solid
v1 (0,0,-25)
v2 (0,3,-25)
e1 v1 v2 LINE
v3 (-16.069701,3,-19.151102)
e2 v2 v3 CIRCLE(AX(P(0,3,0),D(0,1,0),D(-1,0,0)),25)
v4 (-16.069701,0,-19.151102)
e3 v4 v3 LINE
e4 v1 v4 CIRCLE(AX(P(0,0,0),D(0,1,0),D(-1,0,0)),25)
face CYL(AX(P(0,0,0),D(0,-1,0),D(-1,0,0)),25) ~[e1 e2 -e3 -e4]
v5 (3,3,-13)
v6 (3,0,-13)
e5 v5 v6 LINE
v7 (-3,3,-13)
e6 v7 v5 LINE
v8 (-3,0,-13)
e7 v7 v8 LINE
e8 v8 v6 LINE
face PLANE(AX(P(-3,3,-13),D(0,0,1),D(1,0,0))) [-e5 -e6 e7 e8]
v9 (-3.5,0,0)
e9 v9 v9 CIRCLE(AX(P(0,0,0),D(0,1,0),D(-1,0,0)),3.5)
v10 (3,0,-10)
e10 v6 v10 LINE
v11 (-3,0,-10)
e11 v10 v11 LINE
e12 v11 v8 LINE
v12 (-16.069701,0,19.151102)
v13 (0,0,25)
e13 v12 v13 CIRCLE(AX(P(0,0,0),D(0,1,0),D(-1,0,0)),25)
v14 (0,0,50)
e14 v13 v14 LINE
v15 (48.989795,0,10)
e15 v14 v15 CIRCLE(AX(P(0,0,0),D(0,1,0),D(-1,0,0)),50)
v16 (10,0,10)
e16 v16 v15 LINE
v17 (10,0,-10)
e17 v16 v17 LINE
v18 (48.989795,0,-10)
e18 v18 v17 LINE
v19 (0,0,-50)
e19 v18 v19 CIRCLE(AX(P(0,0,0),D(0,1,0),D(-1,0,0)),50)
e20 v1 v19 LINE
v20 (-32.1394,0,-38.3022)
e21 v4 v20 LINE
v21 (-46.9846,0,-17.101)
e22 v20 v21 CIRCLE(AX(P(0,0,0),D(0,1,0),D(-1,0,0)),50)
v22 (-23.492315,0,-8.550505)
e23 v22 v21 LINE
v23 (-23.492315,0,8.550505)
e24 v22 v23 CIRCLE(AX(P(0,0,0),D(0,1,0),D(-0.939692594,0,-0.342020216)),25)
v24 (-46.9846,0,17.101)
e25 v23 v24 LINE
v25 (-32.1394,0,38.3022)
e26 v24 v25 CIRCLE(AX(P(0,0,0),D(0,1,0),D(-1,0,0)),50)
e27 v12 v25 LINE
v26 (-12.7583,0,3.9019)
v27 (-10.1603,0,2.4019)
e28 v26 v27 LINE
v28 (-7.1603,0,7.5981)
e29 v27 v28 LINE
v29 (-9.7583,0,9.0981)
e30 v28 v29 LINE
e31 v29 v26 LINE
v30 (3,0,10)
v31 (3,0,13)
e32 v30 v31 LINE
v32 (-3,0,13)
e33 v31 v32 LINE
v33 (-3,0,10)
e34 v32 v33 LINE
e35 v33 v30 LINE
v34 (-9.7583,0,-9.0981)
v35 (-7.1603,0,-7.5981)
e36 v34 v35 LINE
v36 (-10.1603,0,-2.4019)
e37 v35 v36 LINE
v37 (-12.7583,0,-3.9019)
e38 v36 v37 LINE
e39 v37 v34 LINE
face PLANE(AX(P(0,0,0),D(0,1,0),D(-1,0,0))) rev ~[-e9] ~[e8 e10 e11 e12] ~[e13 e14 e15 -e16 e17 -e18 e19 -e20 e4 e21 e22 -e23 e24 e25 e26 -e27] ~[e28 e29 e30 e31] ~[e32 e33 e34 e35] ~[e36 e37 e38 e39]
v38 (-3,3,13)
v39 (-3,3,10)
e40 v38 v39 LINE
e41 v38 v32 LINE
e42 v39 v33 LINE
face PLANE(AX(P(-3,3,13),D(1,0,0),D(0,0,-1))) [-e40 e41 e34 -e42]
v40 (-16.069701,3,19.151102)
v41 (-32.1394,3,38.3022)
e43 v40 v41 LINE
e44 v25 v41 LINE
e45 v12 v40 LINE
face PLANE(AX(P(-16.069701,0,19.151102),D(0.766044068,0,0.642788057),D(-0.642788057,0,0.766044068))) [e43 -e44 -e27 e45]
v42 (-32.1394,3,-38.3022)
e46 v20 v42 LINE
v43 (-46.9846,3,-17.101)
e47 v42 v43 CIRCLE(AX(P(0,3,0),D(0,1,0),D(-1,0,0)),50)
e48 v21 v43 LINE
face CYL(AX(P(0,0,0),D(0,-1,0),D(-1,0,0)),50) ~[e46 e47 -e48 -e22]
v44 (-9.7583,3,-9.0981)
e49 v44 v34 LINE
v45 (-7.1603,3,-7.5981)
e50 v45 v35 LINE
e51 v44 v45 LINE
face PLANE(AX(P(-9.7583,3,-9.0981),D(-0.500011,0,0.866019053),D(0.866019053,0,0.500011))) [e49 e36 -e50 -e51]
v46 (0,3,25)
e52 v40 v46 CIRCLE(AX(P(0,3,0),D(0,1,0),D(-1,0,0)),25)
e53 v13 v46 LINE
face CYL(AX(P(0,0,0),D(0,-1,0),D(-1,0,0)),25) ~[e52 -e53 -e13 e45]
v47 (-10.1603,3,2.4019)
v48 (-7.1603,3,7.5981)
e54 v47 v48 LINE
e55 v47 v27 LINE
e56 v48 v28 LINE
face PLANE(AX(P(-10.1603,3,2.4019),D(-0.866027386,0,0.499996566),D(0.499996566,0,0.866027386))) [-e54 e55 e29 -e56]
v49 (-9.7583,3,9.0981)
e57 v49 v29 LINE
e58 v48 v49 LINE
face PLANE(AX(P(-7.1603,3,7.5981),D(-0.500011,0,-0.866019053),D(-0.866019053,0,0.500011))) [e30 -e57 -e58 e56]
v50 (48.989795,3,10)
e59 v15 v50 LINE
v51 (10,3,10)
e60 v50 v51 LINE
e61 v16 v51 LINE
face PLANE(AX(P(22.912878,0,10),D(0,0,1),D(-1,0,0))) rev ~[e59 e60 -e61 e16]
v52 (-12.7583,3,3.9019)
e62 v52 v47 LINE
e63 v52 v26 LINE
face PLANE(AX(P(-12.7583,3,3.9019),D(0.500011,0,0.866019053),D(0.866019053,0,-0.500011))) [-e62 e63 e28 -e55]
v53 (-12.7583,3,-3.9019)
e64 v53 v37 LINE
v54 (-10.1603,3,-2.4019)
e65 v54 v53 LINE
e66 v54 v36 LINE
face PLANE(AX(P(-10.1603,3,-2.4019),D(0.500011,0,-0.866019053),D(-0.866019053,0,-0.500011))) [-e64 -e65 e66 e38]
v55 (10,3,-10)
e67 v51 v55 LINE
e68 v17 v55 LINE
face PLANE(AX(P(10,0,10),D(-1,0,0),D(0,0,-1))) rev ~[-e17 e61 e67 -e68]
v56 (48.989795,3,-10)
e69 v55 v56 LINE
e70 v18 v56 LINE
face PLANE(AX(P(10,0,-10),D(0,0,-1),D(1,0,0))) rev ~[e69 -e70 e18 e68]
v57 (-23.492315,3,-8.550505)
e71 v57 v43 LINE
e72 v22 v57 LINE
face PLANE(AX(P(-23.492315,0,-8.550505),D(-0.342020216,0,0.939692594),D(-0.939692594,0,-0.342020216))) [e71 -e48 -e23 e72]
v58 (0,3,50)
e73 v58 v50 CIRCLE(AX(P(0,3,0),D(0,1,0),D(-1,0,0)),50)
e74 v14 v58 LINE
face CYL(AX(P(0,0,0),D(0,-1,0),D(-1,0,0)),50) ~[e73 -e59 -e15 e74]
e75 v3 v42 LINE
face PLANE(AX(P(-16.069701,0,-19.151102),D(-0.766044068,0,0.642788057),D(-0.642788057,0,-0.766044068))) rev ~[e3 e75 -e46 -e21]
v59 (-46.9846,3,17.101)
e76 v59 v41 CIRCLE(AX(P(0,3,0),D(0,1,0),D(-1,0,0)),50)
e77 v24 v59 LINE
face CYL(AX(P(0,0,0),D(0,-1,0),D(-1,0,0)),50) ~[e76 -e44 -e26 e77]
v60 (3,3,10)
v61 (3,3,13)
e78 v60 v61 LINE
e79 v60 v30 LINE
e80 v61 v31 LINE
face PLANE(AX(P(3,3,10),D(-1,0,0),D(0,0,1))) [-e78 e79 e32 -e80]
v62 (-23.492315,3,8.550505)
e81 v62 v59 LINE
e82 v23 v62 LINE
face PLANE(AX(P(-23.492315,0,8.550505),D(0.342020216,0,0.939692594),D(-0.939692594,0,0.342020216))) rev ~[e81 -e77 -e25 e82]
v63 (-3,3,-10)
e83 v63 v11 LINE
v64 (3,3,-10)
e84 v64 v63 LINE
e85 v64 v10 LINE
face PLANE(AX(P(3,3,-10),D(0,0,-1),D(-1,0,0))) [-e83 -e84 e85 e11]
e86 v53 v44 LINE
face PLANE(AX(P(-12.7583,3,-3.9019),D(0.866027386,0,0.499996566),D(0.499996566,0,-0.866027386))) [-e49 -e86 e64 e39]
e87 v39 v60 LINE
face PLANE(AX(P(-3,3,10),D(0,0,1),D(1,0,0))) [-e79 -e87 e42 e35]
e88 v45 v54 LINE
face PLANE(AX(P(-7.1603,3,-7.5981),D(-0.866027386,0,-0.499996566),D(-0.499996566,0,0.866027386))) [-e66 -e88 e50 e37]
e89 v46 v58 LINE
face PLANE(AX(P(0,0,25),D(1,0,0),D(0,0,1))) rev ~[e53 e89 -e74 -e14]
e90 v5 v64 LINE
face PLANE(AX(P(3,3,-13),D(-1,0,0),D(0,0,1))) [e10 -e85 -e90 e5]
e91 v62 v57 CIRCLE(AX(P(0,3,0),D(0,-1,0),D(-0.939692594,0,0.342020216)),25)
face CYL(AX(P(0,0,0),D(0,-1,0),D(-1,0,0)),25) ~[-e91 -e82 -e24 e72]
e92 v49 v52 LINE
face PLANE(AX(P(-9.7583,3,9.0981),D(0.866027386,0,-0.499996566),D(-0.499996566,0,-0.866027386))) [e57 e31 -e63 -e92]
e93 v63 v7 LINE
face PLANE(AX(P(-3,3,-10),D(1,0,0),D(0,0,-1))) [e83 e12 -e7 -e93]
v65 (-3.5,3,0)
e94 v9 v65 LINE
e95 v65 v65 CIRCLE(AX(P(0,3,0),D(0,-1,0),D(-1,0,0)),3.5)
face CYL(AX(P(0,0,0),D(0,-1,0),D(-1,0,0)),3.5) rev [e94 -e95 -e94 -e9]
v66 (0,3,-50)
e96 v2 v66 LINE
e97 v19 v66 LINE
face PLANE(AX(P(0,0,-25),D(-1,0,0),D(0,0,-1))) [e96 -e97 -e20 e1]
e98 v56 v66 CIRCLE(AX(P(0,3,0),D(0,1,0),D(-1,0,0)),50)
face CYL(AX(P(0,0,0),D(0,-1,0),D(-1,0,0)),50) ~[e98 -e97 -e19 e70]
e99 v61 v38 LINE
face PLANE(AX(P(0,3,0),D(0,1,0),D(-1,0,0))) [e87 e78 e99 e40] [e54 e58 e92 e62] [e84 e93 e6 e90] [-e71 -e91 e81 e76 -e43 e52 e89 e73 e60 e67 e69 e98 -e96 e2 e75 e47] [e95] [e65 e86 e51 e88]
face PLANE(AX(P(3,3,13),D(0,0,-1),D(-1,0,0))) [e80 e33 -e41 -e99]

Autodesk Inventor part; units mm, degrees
ref_plane "YZ Plane" through (0, 0, 0) normal (1, 0, 0) x (0, 1, 0)
ref_plane "XZ Plane" through (0, 0, 0) normal (0, 1, 0) x (-1, 0, 0)
ref_plane "XY Plane" through (0, 0, 0) normal (0, 0, 1) x (1, 0, 0)
sketch "草圖1" plane through (0, 0, 0) normal (0, 1, 0) x (-1, 0, 0)
  circle A0 centre (0, 0) radius 50
  circle A1 centre (0, 0) radius 25
  line L0 (-50, 10) -> (-10, 10)
  line L1 (-10, 10) -> (-10, -10)
  line L2 (-10, -10) -> (-50, -10)
  line L3 (-50, -10) -> (-50, 10)
  line L4 (0, 0) -> (0, -50)
  line L5 (0, 0) -> (32.1394, -38.3022)
  arc A2 (0, -50) -> (32.1394, -38.3022) centre (0, 0) ccw
  line L6 (0, 0) -> (46.9846, -17.101)
  line L7 (0, 0) -> (46.9846, 17.101)
  arc A3 (46.9846, -17.101) -> (46.9846, 17.101) centre (0, 0) ccw
  line L8 (0, 0) -> (32.1394, 38.3022)
  line L9 (0, 0) -> (0, 50)
  arc A4 (32.1394, 38.3022) -> (0, 50) centre (0, 0) ccw
  circle A5 centre (0, 0) radius 3.5
  line L10 (-1.5, 3.1623) -> (-1.5, -3.1623)
  point P0 (16.0697, -19.1511)
  point P1 (0, -25)
  point P2 (-48.9898, 10)
  point P3 (-48.9898, -10)
  point P4 (16.0697, 19.1511)
  point P5 (0, 25)
  point P6 (23.4923, -8.5505)
  point P7 (23.4923, 8.5505)
  point P8 (-50, 0)
  dimension "d0" = 100
  dimension "d1" = 50
  dimension "d2" = 20
  dimension "d3" = 40
  dimension "d5" = 40
  dimension "d6" = 50
  dimension "d9" = 140
  dimension "d28" = 7
  dimension "d29" = 1.5
  dimension "d30" = 50
extrude "擠出1" add sketch "草圖1" along normal blind 3 contours L7 A1 L8 A0 | A0 L5 A1 L6 | L7 A5 L8 A1 | A1 L6 A5 L7 | A1 L5 A5 L6 | L9 A1 L0 A0 | L8 A5 L9 A1 | A0 L2 A1 L4 | A1 L4 A5 L5 | L9 A5 L4 A1 L2 L1 L0
sketch "草圖2" plane through (0, 3, 0) normal (0, 1, 0) x (1, 0, 0)
  line L0 (-3, 13) -> (3, 13)
  line L1 (3, 13) -> (3, 10)
  line L2 (3, 10) -> (-3, 10)
  line L3 (-3, 10) -> (-3, 13)
  line L4 (-12.7583, 3.9019) -> (-9.7583, 9.0981)
  line L5 (-9.7583, 9.0981) -> (-7.1603, 7.5981)
  line L6 (-7.1603, 7.5981) -> (-10.1603, 2.4019)
  line L7 (-10.1603, 2.4019) -> (-12.7583, 3.9019)
  line L8 (-9.7583, -9.0981) -> (-12.7583, -3.9019)
  line L9 (-12.7583, -3.9019) -> (-10.1603, -2.4019)
  line L10 (-10.1603, -2.4019) -> (-7.1603, -7.5981)
  line L11 (-7.1603, -7.5981) -> (-9.7583, -9.0981)
  line L12 (3, -13) -> (-3, -13)
  line L13 (-3, -13) -> (-3, -10)
  line L14 (-3, -10) -> (3, -10)
  line L15 (3, -10) -> (3, -13)
  point P0 (0, 0)
  point P1 (0, 10)
  point P2 (-8.6603, 5)
  point P3 (-8.6603, -5)
  point P4 (0, -10)
  dimension "d31" = 3
  dimension "d32" = 6
  dimension "d33" = 10
  dimension "d36" = 180
extrude "擠出2" cut sketch "草圖2" against normal through all
properties material "MDF Medium Density Fiberboard"
